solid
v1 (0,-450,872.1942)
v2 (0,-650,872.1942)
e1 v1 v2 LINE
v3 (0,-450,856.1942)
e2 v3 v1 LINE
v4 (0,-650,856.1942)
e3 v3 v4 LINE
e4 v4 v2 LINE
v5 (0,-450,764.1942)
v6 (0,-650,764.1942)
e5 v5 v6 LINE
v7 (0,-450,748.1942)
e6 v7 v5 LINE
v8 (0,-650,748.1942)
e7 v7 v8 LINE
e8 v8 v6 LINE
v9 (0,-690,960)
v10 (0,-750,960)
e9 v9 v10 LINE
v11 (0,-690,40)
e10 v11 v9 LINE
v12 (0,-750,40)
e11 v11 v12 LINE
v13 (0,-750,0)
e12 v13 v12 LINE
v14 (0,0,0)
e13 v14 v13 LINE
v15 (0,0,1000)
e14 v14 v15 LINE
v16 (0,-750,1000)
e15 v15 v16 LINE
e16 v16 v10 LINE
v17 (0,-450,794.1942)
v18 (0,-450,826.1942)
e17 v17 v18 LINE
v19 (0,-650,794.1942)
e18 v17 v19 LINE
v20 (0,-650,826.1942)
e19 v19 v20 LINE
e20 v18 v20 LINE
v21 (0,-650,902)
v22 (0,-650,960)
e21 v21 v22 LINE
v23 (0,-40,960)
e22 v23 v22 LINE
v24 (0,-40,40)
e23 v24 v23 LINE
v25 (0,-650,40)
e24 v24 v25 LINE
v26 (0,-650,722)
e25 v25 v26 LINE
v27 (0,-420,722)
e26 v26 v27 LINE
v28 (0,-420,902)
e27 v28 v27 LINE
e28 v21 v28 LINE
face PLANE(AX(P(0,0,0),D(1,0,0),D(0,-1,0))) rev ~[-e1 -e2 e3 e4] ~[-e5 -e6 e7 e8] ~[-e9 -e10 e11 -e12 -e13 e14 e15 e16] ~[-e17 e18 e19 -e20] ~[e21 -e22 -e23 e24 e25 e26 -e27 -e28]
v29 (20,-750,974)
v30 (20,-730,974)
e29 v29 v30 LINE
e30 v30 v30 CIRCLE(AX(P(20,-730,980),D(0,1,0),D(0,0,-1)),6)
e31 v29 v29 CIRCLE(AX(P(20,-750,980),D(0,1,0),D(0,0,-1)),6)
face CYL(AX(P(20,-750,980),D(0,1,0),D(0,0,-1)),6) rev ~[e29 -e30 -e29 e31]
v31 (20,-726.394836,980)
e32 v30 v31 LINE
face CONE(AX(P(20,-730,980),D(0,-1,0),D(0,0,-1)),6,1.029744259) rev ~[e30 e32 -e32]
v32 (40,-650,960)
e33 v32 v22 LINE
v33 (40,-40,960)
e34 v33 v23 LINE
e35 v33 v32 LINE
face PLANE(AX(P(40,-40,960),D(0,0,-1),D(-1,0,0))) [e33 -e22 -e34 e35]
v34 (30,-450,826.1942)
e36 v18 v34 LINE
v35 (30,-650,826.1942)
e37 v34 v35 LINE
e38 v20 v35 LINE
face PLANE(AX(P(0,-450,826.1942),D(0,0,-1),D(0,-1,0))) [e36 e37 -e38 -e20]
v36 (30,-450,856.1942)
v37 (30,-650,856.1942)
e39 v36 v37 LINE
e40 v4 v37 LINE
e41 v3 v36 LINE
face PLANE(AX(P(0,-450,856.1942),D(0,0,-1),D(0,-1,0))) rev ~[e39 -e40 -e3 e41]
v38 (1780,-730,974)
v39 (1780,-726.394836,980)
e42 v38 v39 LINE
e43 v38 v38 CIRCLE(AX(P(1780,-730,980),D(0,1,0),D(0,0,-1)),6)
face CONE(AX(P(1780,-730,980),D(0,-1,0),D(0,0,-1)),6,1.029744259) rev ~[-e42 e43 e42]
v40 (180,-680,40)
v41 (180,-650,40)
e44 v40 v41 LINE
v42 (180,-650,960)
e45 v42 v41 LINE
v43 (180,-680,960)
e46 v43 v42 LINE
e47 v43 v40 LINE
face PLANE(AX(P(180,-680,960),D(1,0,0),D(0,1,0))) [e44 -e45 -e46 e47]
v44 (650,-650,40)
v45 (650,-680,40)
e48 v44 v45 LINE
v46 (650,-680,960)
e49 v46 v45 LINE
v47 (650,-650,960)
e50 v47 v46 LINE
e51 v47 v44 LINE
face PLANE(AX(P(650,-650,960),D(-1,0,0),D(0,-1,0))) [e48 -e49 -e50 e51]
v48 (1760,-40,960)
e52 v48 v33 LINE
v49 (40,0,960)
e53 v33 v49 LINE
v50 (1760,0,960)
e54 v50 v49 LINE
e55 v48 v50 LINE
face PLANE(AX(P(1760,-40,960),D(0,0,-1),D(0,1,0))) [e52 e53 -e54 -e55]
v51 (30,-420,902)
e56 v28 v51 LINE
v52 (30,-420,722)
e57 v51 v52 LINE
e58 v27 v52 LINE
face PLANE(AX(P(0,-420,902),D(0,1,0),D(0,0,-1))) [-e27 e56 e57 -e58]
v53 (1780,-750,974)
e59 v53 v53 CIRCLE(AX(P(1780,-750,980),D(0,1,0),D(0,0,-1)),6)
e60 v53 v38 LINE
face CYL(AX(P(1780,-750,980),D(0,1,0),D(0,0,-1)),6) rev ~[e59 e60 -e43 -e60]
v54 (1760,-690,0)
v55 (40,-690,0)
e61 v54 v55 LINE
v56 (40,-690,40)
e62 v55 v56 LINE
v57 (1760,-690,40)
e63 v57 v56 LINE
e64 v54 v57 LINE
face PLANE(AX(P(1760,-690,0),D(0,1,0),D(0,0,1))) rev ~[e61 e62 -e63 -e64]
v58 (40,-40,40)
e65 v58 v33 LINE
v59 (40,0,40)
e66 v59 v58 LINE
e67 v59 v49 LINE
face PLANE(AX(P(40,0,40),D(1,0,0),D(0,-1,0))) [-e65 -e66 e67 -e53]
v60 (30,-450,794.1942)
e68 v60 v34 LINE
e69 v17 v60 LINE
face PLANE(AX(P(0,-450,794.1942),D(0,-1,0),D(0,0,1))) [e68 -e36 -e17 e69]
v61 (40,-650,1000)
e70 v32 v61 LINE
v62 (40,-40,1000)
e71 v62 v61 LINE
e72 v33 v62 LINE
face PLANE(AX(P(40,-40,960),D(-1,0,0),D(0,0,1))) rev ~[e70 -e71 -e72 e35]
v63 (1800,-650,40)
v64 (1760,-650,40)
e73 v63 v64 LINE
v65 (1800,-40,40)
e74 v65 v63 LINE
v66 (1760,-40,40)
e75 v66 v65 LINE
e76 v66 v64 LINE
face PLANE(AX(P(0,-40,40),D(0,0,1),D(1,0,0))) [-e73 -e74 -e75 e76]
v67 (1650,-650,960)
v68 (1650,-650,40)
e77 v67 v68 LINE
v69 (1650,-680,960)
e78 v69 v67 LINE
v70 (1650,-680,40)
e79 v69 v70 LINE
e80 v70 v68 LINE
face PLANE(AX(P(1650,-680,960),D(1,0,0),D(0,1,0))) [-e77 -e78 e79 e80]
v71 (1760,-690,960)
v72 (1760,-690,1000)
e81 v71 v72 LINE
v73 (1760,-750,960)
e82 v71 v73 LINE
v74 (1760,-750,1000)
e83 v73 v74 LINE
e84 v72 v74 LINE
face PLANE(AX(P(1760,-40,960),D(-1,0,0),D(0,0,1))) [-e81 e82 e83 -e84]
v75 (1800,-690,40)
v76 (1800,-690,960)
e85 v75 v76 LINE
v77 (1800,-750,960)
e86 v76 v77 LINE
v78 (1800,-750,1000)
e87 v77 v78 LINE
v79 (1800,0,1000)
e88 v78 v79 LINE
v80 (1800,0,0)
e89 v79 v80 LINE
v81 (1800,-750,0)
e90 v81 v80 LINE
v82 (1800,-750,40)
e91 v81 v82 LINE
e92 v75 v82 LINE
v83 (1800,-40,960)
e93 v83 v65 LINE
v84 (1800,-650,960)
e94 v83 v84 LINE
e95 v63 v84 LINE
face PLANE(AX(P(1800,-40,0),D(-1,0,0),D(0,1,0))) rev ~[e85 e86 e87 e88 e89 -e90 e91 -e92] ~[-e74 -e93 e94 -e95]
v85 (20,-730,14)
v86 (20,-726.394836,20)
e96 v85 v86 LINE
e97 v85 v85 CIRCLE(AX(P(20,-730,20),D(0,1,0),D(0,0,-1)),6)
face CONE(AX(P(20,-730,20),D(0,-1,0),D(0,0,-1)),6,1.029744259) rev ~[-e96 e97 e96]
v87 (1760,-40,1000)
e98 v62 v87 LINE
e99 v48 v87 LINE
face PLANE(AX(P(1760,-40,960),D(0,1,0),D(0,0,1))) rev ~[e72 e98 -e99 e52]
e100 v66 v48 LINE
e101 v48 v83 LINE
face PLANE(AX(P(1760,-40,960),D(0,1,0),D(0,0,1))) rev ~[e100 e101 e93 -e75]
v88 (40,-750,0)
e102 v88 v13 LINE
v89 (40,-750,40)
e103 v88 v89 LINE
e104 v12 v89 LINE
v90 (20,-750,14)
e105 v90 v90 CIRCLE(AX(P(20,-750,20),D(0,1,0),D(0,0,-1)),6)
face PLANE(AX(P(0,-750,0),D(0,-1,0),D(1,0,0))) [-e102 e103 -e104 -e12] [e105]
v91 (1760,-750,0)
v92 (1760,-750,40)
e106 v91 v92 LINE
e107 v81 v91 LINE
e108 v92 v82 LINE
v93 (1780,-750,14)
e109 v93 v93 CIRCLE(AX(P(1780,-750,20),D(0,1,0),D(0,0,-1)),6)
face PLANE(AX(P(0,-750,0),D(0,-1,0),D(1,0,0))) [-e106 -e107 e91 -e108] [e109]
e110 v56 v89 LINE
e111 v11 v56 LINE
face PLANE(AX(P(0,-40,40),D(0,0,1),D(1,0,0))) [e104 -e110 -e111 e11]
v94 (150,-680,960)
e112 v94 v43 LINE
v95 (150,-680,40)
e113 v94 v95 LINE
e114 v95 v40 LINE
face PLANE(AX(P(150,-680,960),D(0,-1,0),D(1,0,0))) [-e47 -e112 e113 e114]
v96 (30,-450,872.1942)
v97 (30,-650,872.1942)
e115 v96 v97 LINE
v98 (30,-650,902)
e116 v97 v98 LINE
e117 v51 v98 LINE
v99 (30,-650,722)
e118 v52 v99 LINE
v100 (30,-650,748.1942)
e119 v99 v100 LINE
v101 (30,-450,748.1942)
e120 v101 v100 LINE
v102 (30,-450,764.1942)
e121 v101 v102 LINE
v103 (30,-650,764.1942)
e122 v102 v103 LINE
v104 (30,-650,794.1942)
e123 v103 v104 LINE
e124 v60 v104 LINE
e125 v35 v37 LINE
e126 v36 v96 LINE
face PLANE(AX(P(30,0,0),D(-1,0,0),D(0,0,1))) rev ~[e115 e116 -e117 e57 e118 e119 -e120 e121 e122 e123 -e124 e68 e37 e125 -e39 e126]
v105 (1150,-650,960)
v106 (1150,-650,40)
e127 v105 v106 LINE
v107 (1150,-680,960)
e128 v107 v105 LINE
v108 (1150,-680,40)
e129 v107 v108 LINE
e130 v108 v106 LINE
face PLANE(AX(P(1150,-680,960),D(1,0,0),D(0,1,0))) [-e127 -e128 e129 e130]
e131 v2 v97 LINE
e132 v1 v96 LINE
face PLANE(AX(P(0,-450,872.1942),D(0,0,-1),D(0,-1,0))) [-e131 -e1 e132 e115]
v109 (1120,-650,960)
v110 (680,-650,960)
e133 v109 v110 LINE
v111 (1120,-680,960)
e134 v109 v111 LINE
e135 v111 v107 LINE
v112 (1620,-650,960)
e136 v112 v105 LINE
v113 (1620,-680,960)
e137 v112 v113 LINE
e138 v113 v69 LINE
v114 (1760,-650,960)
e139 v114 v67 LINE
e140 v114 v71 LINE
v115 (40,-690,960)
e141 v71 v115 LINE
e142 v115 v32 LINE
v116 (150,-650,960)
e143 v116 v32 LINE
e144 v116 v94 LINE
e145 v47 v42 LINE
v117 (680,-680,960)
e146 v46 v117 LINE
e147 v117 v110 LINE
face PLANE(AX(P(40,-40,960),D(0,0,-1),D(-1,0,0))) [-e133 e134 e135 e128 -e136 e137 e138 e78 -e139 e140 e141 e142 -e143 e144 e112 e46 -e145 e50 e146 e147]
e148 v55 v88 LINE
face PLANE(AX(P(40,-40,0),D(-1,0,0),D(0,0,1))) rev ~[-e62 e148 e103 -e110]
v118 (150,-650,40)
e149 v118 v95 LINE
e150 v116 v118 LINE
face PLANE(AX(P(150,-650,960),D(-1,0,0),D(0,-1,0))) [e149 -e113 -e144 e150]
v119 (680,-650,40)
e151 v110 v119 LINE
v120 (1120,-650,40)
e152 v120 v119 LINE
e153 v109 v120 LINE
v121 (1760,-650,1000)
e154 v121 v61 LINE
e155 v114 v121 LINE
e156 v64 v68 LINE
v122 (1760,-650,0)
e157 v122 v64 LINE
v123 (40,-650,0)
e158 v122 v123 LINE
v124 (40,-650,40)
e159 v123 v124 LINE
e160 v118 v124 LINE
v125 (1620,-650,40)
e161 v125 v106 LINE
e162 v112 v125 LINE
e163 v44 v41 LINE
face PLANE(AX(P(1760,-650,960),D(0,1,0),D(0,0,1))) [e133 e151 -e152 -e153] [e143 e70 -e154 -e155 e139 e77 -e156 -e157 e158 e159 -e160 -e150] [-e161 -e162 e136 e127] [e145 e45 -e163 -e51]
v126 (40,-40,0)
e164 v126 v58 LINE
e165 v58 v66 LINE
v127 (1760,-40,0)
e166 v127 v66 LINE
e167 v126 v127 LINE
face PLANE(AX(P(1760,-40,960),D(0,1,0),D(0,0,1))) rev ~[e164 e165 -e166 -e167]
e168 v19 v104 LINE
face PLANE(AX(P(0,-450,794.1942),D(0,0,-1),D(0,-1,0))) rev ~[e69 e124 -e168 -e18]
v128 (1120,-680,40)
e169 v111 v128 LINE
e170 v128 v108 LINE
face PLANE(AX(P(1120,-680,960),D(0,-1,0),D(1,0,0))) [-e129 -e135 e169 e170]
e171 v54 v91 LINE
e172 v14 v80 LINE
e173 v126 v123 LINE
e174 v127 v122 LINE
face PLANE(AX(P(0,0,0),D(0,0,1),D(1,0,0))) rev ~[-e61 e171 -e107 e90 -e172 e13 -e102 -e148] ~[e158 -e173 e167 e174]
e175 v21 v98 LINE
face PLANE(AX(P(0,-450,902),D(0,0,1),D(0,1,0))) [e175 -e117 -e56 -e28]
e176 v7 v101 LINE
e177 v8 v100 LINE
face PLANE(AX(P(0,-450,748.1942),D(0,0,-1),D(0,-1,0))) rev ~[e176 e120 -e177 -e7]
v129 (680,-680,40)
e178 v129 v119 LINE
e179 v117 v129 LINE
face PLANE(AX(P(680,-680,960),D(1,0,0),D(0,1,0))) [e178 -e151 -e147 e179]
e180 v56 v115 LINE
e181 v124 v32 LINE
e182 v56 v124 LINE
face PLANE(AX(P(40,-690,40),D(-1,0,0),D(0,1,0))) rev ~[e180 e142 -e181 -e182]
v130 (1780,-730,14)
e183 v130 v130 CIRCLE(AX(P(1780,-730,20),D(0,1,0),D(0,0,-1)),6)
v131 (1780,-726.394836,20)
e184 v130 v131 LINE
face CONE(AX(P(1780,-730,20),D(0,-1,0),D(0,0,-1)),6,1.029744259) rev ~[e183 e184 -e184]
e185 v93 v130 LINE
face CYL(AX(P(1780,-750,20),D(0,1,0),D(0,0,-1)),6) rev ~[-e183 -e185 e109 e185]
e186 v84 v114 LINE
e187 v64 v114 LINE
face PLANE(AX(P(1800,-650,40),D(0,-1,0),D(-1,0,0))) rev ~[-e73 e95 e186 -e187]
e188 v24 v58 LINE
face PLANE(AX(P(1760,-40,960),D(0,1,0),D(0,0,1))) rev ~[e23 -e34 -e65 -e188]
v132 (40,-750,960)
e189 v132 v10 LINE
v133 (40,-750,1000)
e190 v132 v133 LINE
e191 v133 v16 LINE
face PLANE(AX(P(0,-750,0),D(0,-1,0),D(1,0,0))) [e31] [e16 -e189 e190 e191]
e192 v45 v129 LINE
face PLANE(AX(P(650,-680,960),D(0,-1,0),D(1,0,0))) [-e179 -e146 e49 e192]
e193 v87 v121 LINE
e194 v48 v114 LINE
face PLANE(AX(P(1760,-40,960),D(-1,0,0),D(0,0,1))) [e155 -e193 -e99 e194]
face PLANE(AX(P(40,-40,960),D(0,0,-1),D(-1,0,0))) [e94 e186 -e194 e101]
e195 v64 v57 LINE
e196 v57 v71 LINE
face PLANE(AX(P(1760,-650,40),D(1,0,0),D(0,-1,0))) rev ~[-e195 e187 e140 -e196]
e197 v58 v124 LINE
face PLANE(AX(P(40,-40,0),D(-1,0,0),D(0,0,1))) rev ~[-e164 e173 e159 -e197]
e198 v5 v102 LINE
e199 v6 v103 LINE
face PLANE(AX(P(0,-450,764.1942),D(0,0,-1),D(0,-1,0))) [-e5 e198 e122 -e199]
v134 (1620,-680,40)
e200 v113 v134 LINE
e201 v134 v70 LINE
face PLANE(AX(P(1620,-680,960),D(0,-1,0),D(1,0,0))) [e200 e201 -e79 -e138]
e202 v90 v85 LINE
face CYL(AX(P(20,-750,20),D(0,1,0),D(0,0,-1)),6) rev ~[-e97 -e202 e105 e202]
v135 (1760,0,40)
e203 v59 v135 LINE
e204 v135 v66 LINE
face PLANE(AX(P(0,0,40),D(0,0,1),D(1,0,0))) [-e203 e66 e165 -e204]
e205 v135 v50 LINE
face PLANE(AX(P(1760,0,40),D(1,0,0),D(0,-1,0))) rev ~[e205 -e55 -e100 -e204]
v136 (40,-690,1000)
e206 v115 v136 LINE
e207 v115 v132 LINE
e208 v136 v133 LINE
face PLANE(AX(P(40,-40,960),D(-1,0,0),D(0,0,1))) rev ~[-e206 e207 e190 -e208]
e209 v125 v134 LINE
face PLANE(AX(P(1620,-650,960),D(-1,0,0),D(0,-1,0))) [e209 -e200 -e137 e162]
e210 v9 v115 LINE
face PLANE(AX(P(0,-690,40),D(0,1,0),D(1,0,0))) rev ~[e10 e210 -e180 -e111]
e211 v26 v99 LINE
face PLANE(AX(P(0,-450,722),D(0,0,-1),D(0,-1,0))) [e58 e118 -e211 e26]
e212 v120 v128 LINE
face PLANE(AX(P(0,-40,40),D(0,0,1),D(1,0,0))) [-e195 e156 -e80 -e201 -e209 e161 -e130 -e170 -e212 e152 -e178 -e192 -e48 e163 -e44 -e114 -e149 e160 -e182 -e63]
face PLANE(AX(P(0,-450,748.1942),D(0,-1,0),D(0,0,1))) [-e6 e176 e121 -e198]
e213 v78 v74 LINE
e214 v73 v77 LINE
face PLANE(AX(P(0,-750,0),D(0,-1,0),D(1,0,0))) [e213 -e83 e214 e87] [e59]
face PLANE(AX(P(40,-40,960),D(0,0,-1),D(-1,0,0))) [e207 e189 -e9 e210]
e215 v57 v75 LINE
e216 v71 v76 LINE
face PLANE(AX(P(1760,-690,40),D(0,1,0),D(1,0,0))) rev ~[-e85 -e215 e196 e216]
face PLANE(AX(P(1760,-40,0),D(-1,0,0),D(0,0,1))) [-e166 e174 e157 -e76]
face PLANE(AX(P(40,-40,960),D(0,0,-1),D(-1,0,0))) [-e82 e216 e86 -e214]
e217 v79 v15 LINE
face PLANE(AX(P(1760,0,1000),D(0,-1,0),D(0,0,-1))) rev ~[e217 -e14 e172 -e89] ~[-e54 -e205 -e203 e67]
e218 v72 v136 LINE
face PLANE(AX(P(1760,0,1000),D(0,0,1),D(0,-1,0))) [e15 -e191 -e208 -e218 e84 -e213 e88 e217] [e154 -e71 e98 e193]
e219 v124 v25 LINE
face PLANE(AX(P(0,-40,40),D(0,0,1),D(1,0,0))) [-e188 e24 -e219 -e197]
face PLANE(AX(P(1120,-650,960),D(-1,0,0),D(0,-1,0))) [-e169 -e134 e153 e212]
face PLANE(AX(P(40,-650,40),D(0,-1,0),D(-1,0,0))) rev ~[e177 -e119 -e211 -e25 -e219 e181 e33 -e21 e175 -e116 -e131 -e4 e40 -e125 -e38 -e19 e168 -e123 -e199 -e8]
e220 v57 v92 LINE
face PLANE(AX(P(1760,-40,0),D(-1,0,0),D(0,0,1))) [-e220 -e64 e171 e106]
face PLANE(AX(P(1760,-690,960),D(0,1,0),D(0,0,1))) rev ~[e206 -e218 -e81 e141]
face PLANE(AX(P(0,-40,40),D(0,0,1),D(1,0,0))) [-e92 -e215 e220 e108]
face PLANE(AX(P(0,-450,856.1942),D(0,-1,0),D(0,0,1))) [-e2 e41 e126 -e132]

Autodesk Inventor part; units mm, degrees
ref_plane "YZ Plane" through (0, 0, 0) normal (1, 0, 0) x (0, 1, 0)
ref_plane "XZ Plane" through (0, 0, 0) normal (0, 1, 0) x (-1, 0, 0)
ref_plane "XY Plane" through (0, 0, 0) normal (0, 0, 1) x (1, 0, 0)
sketch "Sketch1" plane through (0, 0, 0) normal (0, 0, 1) x (1, 0, 0)
  line L0 (0, 0) -> (1800, 0)
  line L1 (0, 0) -> (0, -40)
  line L2 (0, -40) -> (1800, -40)
  line L3 (1800, -40) -> (1800, 0)
  dimension "d0" = 1800
  dimension "d1" = 40
extrude "Extrusion1" add sketch "Sketch1" along normal blind 40
sketch "Sketch2" plane through (0, 0, 40) normal (0, 0, 1) x (1, 0, 0)
  line L0 (0, 0) -> (0, -40) projected
  line L1 (1800, 0) -> (0, 0) projected
  line L2 (0, 0) -> (40, 0)
  line L3 (0, -40) -> (1800, -40) projected
  line L4 (40, -40) -> (0, -40)
  line L5 (0, -40) -> (0, 0)
  line L6 (40, 0) -> (40, -40)
  line L7 (1800, -40) -> (1800, 0) projected
  line L8 (1800, 0) -> (1760, 0)
  line L9 (1760, -40) -> (1800, -40)
  line L10 (1760, 0) -> (1760, -40)
  line L11 (1800, 0) -> (1800, -40)
  dimension "d5" = 40
  dimension "d6" = 40
extrude "Extrusion2" add sketch "Sketch2" along normal blind 960 contours L1 L6 L3 L0 | L1 L7 L3 L10
sketch "Sketch4" plane through (1760, -40, 40) normal (-1, 0, 0) x (0, 0, 1)
  line L0 (960, 40) -> (960, 0) projected
  line L1 (960, 40) -> (920, 40)
  line L2 (0, 40) -> (960, 40) projected
  line L3 (0, 0) -> (960, 0) projected
  line L4 (920, 0) -> (920, 40)
  line L5 (920, 0) -> (960, 0)
  line L6 (960, 0) -> (960, 40)
  point P0 (-40, 40)
  dimension "d9" = 40
extrude "Extrusion3" add sketch "Sketch4" along normal up to surface (1720 mm away)
sketch "Sketch5" plane through (0, -40, 0) normal (0, -1, 0) x (1, 0, 0)
  line L0 (40, 40) -> (40, 960) projected
  line L1 (40, 960) -> (40, 1000)
  line L2 (1800, 1000) -> (0, 1000) projected
  line L3 (0, 1000) -> (0, 960)
  line L4 (0, 0) -> (0, 1000) projected
  line L5 (40, 960) -> (0, 960)
  line L6 (0, 1000) -> (40, 1000)
  line L7 (1760, 40) -> (1760, 960) projected
  line L8 (1760, 960) -> (1800, 960)
  line L9 (1800, 0) -> (1800, 1000) projected
  line L10 (1760, 960) -> (1760, 1000)
  line L11 (1760, 1000) -> (1800, 1000)
  line L12 (1800, 1000) -> (1800, 960)
  line L13 (1760, 40) -> (40, 40) projected
  line L14 (1760, 40) -> (1800, 40)
  line L15 (1800, 40) -> (1800, 0)
  line L16 (1800, 0) -> (1760, 0)
  line L17 (1800, 0) -> (0, 0) projected
  line L18 (1760, 0) -> (1760, 40)
  line L19 (0, 40) -> (40, 40)
  line L20 (40, 0) -> (40, 40)
  line L21 (0, 40) -> (0, 0)
  line L22 (40, 0) -> (0, 0)
extrude "Extrusion4" add sketch "Sketch5" along normal blind 710 contours L20 L17 L4 L19 | L5 L3 L2 L1 | L14 L9 L16 L18 | L10 L2 L9 L8
sketch "Sketch6" plane through (1760, -40, 0) normal (-1, 0, 0) x (0, 0, 1)
  line L0 (0, 40) -> (0, -710) projected
  line L1 (0, -610) -> (40, -610)
  line L2 (40, 0) -> (40, -710) projected
  line L3 (0, -610) -> (0, -650)
  line L4 (0, -650) -> (40, -650)
  line L5 (40, -650) -> (40, -610)
  line L6 (0, 0) -> (40, 0) projected
  line L7 (960, 0) -> (960, -710) projected
  line L8 (960, -610) -> (1000, -610)
  line L9 (1000, 0) -> (1000, -710) projected
  line L10 (960, -650) -> (1000, -650)
  line L11 (1000, -650) -> (1000, -610)
  line L12 (960, -610) -> (960, -650)
  dimension "d14" = 40
  dimension "d15" = 650
extrude "Extrusion5" add sketch "Sketch6" along normal up to surface (1720 mm away) contours L1 L2 L4 L0 | L8 L9 L10 L7
sketch "Sketch7" plane through (0, -750, 40) normal (0, 0, 1) x (1, 0, 0)
  line L0 (40, 710) -> (40, 100) projected
  line L1 (40, 100) -> (0, 100)
  line L2 (0, 100) -> (0, 60)
  line L3 (40, 60) -> (40, 0) projected
  line L4 (0, 60) -> (40, 60)
  line L5 (40, 60) -> (40, 100)
  line L6 (1760, 60) -> (1760, 0) projected
  line L7 (1760, 60) -> (1800, 60)
  line L8 (1800, 710) -> (1800, 0) projected
  line L9 (1760, 710) -> (1760, 100) projected
  line L10 (1800, 100) -> (1760, 100)
  line L11 (1760, 100) -> (1760, 60)
  line L12 (0, 100) -> (0, 60)
  line L13 (0, 710) -> (0, 0) projected
  line L14 (1800, 100) -> (1800, 60)
  line L15 (0, 100) -> (0, 60)
  point P0 (0, 750)
extrude "Extrusion6" add sketch "Sketch7" along normal up to surface (920 mm away)
sketch "Sketch8" plane through (0, 0, 0) normal (-1, 0, 0) x (0, 0, 1)
  line L0 (40, -650) -> (960, -650) projected
  line L1 (902, -650) -> (902, -420)
  line L2 (902, -420) -> (722, -420)
  line L3 (722, -420) -> (722, -650)
  line L4 (960, -40) -> (960, -650) projected
  line L5 (722, -450) -> (902, -450)
  line L6 (722, -650) -> (902, -650)
  line L7 (764.1942, -450) -> (764.1942, -650)
  line L8 (794.1942, -450) -> (794.1942, -650)
  line L9 (826.1942, -450) -> (826.1942, -650)
  line L10 (856.1942, -450) -> (856.1942, -650)
  line L11 (872.1942, -450) -> (872.1942, -650)
  line L12 (748.1942, -450) -> (748.1942, -650)
  point P0 (0, 0)
  dimension "d20" = 230
  dimension "d21" = 58
  dimension "d22" = 180
  dimension "d23" = 30
  dimension "d24" = 30
  dimension "d25" = 30
  dimension "d26" = 32
  dimension "d27" = 16
  dimension "d28" = 16
extrude "Extrusion7" add sketch "Sketch8" against normal blind 30 contours L3 L5 L12 L0 | L3 L2 L1 L5 | L7 L5 L8 L0 | L9 L5 L10 L0 | L1 L0 L11 L5
sketch "Sketch9" plane through (1760, -690, 960) normal (0, 0, -1) x (-1, 0, 0)
  line L0 (0, 40) -> (1720, 40) projected
  line L1 (110, 40) -> (140, 40)
  line L2 (140, 40) -> (140, 10)
  line L3 (140, 10) -> (110, 10)
  line L4 (110, 10) -> (110, 40)
  line L5 (610, 40) -> (640, 40)
  line L6 (640, 40) -> (640, 10)
  line L7 (640, 10) -> (610, 10)
  line L8 (610, 10) -> (610, 40)
  line L9 (1080, 40) -> (1110, 40)
  line L10 (1110, 40) -> (1110, 10)
  line L11 (1110, 10) -> (1080, 10)
  line L12 (1080, 10) -> (1080, 40)
  line L13 (1580, 40) -> (1610, 40)
  line L14 (1610, 40) -> (1610, 10)
  line L15 (1610, 10) -> (1580, 10)
  line L16 (1580, 10) -> (1580, 40)
  line L17 (-40, -60) -> (-40, 690) projected
  line L18 (1760, 690) -> (1760, -60) projected
  point P0 (1610, 40)
  point P1 (1580, 40)
  point P2 (640, 40)
  point P3 (610, 40)
  dimension "d31" = 30
  dimension "d32" = 30
  dimension "d33" = 30
  dimension "d34" = 30
  dimension "d35" = 30
  dimension "d36" = 30
  dimension "d37" = 30
  dimension "d38" = 30
  dimension "d39" = 150
  dimension "d40" = 150
  dimension "d41" = 470
  dimension "d42" = 470
extrude "Extrusion8" add sketch "Sketch9" along normal up to surface (920 mm away)
sketch "Sketch24" plane through (0, -750, 0) normal (0, -1, 0) x (1, 0, 0)
  circle A0 centre (20, 20) radius 6
  line L0 (40, 40) -> (0, 40) projected
  line L1 (0, 40) -> (0, 0) projected
  point P0 (0, 20)
  dimension "d95" = 20
  dimension "d96" = 20
  dimension "d97" = 12
sketch "Sketch25" plane through (0, -750, 0) normal (0, -1, 0) x (1, 0, 0)
  circle A0 centre (20, 980) radius 6
  line L0 (40, 1000) -> (0, 1000) projected
  line L1 (0, 1000) -> (0, 960) projected
  circle A1 centre (1780, 980) radius 6
  circle A2 centre (1780, 20) radius 6
  line L2 (1760, 0) -> (1800, 0) projected
  line L3 (1800, 0) -> (1800, 40) projected
  point P0 (0, 0)
  dimension "d98" = 20
  dimension "d99" = 20
  dimension "d100" = 12
  dimension "d101" = 20
  dimension "d102" = 20
  dimension "d103" = 12
hole "Hole1" at (20, -750, 20) direction (0, 1, 0) diameter 12 depth 20 tip angle 118
hole "Hole2" at (20, -750, 980) at (1780, -750, 980) at (1780, -750, 20) direction (0, 1, 0) diameter 12 depth 20 tip angle 118
properties part number "BangTai"
